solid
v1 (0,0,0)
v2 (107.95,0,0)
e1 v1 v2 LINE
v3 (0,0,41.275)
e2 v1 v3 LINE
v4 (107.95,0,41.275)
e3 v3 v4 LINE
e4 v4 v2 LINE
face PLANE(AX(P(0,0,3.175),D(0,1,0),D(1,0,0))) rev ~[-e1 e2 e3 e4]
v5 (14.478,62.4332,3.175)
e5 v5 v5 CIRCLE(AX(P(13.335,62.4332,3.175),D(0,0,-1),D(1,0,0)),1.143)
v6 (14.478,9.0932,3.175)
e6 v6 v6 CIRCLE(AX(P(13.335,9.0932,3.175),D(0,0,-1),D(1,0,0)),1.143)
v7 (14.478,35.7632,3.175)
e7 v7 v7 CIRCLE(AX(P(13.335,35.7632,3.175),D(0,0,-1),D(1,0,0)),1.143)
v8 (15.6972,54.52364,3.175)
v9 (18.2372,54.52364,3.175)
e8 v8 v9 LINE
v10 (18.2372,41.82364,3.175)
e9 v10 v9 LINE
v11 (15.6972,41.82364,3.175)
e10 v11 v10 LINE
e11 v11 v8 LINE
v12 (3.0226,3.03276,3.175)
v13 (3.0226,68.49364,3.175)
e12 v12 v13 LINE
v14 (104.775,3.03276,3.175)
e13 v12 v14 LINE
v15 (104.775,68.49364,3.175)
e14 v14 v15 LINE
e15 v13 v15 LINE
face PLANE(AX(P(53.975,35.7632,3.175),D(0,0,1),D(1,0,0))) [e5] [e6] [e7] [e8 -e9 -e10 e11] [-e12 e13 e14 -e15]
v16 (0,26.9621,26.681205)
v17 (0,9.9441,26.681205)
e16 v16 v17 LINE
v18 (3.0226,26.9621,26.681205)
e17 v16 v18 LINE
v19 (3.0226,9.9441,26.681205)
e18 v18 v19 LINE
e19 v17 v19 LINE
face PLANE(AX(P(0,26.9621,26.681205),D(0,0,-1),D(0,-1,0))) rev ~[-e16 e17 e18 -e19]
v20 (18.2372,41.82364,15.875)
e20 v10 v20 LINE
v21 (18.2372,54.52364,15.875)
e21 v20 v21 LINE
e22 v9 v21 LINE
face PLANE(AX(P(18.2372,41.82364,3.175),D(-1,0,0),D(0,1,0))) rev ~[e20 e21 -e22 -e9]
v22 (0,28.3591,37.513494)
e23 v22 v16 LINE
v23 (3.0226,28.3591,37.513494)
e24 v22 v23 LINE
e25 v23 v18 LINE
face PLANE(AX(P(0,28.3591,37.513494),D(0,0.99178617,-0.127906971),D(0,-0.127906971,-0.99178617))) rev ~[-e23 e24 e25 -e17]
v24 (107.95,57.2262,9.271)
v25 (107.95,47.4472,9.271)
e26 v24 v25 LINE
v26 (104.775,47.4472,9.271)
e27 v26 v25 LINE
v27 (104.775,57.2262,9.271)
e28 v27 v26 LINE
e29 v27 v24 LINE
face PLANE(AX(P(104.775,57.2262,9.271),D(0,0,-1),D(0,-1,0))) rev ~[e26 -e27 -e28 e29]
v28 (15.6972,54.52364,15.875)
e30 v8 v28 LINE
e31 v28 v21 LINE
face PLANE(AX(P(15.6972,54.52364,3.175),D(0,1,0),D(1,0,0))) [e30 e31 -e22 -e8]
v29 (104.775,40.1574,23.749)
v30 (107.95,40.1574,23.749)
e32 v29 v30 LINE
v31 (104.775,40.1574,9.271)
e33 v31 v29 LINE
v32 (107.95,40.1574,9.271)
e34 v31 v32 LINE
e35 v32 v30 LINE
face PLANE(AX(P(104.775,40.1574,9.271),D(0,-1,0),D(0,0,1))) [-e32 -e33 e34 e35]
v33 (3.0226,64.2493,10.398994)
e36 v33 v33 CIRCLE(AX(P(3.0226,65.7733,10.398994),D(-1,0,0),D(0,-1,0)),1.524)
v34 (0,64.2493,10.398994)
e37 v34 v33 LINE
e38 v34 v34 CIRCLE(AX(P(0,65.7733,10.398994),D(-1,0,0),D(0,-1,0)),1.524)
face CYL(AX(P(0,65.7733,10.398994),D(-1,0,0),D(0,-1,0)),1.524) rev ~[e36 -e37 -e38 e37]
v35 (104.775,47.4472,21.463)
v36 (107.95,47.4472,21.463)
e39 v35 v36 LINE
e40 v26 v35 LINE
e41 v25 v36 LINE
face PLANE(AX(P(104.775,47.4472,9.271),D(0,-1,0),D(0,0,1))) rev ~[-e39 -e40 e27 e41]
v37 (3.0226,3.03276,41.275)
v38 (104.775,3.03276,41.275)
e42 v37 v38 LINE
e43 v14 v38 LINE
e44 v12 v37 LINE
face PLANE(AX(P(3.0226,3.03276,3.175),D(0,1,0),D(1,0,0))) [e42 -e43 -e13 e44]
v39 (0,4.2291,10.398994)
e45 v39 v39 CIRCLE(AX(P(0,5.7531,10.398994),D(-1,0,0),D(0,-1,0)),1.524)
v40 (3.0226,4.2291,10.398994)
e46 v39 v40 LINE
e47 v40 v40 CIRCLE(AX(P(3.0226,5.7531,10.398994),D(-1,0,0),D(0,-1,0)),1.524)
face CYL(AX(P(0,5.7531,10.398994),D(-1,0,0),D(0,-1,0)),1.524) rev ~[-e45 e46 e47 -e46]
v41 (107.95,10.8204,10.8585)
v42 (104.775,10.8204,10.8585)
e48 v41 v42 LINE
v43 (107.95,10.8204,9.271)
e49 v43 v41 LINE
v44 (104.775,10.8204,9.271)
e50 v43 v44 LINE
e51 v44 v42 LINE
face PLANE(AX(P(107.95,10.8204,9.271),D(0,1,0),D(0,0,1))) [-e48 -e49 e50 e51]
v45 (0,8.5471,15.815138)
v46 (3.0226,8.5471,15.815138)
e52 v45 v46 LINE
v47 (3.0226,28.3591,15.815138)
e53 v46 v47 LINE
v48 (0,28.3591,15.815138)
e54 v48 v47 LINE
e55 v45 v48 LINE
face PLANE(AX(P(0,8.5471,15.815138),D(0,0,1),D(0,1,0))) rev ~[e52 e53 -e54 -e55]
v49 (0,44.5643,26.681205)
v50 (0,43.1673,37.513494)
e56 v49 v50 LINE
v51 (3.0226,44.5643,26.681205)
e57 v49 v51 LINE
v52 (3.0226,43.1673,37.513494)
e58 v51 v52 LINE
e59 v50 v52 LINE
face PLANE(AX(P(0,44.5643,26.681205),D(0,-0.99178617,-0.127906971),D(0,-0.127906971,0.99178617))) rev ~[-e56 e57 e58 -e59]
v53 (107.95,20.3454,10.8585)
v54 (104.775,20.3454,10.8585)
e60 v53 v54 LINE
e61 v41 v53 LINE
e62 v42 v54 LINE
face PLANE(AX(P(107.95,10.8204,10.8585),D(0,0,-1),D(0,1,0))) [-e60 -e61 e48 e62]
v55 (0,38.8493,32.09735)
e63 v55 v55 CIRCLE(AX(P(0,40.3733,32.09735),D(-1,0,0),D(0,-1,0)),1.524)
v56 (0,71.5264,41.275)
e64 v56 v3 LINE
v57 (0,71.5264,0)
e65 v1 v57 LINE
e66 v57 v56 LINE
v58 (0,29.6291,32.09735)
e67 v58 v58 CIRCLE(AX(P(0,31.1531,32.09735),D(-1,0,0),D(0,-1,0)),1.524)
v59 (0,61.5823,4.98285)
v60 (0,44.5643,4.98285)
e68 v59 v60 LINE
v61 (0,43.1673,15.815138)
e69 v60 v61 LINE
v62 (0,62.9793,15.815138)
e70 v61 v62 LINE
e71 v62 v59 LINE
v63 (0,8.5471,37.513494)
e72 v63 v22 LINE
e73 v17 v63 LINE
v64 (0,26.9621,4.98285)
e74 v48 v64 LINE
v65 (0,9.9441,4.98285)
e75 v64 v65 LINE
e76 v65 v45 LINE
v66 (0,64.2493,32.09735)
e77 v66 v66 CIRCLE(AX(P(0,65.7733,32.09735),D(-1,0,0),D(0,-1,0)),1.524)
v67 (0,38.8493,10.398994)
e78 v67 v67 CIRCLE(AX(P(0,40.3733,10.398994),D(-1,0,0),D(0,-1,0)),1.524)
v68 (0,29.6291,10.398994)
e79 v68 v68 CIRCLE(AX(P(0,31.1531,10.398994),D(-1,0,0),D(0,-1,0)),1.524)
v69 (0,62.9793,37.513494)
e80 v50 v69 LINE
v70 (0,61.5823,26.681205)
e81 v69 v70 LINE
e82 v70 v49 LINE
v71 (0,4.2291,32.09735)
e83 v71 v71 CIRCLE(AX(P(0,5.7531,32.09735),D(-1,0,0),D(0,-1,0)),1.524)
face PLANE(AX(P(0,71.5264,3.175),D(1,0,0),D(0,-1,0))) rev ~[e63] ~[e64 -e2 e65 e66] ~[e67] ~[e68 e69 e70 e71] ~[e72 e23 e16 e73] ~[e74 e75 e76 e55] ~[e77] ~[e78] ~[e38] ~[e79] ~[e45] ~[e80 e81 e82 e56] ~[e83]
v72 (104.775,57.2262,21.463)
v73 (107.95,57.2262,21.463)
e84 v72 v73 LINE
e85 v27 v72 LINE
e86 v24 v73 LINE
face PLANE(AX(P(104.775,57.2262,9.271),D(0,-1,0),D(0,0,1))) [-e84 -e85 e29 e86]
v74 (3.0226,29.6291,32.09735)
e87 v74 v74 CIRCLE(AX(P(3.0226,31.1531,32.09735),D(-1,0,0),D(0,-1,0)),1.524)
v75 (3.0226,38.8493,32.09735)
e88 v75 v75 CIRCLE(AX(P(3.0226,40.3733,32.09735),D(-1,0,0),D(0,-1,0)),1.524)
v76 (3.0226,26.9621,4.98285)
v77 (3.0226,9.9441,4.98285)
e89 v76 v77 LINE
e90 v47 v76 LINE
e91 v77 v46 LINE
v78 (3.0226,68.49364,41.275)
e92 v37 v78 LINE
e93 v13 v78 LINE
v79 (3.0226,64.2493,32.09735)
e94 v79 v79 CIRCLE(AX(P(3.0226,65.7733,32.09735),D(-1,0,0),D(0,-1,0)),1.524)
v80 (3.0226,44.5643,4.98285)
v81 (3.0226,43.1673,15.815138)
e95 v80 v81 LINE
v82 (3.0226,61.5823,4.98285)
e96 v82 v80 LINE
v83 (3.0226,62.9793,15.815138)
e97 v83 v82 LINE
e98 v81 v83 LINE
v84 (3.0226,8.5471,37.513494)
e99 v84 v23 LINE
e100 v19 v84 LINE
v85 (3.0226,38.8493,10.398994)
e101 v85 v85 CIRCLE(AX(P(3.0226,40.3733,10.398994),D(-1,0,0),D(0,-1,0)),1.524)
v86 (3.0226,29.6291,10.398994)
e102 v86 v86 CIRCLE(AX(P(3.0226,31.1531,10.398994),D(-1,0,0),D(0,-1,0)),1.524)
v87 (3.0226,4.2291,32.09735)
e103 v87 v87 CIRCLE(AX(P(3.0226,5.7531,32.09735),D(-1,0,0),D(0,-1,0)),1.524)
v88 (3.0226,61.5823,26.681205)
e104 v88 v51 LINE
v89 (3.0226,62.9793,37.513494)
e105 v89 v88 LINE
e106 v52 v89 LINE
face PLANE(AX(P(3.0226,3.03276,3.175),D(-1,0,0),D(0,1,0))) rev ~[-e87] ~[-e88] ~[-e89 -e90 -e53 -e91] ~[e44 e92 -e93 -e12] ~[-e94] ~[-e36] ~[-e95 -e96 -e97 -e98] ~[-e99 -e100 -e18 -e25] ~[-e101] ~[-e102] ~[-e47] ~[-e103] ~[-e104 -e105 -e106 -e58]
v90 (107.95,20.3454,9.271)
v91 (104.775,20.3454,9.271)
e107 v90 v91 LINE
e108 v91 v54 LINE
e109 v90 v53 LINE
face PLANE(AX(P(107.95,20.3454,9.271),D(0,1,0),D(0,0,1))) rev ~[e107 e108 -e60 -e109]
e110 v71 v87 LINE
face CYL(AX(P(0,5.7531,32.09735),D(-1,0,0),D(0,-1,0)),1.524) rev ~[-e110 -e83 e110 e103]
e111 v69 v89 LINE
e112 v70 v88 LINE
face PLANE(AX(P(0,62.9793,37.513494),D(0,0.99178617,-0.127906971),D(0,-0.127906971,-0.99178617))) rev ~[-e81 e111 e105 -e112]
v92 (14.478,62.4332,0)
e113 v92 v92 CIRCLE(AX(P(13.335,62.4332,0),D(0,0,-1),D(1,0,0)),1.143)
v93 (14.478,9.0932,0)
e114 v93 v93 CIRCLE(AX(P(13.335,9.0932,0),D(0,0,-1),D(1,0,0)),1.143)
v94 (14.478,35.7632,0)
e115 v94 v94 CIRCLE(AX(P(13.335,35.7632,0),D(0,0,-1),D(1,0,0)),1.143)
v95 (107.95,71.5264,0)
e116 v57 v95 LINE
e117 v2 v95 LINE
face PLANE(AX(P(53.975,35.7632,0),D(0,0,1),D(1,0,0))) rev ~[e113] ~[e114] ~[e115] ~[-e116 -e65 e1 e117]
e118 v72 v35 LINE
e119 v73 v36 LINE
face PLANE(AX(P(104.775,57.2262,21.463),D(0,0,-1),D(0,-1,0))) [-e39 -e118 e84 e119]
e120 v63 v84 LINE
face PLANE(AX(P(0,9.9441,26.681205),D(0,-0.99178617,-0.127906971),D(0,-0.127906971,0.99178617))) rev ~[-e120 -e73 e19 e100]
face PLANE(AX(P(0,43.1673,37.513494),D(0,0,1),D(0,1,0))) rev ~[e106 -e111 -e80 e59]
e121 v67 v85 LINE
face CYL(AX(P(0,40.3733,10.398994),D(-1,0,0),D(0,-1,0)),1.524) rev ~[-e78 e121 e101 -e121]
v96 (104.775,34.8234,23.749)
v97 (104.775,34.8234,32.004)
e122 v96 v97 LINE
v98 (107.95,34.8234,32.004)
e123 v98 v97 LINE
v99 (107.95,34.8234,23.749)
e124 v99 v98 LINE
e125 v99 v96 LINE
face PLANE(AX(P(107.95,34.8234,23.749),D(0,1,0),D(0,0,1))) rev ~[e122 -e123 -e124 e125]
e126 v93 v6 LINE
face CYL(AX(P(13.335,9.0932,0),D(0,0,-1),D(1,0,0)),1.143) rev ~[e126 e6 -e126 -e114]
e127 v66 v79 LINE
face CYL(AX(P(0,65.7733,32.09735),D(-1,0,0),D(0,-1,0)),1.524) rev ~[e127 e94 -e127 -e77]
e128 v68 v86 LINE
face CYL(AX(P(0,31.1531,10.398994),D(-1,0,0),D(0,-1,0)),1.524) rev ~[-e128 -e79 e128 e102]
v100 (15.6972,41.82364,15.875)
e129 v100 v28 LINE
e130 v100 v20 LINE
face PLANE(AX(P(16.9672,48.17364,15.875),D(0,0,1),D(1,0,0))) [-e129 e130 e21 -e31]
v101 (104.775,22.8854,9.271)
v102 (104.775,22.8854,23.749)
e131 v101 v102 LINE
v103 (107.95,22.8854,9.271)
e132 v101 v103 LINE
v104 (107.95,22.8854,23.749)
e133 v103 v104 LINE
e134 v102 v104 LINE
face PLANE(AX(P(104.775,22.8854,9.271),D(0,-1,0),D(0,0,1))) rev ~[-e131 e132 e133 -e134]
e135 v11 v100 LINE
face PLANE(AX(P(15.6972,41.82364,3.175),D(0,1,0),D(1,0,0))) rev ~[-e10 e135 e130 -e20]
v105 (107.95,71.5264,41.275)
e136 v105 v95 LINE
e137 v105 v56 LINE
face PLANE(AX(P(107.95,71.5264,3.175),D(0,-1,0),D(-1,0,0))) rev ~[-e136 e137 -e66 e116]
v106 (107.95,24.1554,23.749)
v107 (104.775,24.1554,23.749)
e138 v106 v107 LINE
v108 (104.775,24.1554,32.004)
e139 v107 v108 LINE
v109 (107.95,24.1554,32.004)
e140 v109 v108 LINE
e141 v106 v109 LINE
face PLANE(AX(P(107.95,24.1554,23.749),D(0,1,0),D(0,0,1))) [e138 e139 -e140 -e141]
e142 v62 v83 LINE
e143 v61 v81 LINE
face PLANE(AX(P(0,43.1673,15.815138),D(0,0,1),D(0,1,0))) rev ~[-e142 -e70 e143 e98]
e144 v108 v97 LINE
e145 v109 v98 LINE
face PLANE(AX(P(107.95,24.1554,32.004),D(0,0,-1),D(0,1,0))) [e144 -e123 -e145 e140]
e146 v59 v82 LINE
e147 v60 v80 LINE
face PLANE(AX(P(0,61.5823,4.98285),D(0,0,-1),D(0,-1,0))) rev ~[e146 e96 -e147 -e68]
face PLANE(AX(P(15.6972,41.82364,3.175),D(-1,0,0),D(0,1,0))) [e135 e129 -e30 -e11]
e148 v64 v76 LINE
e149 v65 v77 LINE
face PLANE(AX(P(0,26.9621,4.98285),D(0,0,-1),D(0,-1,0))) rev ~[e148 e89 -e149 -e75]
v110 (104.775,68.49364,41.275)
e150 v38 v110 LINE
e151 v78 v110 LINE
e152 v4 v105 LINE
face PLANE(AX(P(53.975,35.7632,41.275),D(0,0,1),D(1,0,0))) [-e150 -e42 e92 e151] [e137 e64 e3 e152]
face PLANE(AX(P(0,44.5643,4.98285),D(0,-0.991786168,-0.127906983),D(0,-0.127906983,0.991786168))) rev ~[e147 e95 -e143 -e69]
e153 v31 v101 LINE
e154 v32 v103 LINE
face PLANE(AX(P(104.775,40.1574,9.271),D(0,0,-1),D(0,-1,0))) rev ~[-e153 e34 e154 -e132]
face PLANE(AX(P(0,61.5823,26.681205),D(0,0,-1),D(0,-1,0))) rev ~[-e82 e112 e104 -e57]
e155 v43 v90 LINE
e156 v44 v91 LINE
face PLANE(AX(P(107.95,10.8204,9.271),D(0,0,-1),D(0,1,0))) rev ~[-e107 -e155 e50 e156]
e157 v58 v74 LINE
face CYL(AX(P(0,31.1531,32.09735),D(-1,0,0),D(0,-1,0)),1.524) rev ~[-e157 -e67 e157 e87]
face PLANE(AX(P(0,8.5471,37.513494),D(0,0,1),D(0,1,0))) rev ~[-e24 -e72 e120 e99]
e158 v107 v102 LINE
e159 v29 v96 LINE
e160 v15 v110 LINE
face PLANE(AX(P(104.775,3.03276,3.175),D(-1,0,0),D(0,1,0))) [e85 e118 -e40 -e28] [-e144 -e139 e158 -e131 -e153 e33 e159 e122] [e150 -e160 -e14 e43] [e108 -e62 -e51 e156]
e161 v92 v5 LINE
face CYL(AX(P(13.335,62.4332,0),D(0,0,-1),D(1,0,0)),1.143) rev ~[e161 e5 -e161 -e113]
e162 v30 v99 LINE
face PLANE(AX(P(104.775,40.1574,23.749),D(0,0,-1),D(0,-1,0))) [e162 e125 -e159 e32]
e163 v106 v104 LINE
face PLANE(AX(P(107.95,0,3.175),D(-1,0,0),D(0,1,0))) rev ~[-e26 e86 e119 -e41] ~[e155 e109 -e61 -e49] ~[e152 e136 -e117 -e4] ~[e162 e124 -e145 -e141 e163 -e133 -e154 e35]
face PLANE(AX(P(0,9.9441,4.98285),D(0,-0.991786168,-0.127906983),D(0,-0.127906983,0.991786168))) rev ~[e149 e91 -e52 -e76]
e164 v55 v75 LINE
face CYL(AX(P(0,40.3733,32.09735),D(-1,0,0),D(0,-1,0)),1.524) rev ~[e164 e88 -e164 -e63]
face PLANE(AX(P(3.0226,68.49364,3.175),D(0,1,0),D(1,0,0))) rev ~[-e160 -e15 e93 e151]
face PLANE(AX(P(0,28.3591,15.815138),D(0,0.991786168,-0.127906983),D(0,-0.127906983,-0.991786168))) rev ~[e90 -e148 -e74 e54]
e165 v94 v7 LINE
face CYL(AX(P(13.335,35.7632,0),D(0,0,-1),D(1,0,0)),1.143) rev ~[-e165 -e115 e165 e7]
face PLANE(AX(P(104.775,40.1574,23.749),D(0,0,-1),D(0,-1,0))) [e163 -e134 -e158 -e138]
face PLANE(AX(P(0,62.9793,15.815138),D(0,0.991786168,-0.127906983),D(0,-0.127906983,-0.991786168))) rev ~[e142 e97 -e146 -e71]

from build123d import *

# Parameters (mm, degrees)
F0_W      = 107.95
F0_H      = 71.5264
F1_DEPTH  = 3.175
F2_W      = 101.7524
F2_H      = 65.46088
F3_DEPTH  = 38.1
F4_W      = 17.272
F4_H      = 14.478
F4_W_2    = 9.779
F4_H_2    = 12.192
F5_DEPTH  = 3.176
F6_W      = 9.525
F6_H      = 1.5875
F7_DEPTH  = 3.175
F8_DEPTH  = 3.176
F9_W      = 2.54
F9_H      = 12.7
F10_DEPTH = 12.7
F11_R     = 1.524
F12_DEPTH = 3.0226
F13_R     = 1.143
F14_DEPTH = 41.276
F15_W     = 10.668
F15_H     = 8.255
F16_DEPTH = 3.175


with BuildPart() as f1:
    # F0 (on Top) → F1 (new body)
    with BuildSketch(Plane.XY):
        with Locations((53.975, 35.7632)):
            Rectangle(F0_W, F0_H)
    extrude(amount=F1_DEPTH)

    # F2 (on face) → F3 (join)
    with BuildSketch(Plane.XY.offset(3.175)):
        Polygon((107.95, 71.5264), (0, 71.5264), (0, 68.49364), (0, 3.03276), (0, 0), (107.95, 0), align=None)
        with Locations((53.8988, 35.7632)):
            Rectangle(F2_W, F2_H, mode=Mode.SUBTRACT)
    extrude(amount=F3_DEPTH)

    # F4 (on face) → F5 (cut, through all)
    with BuildSketch(Plane(origin=(104.775, 0, 0), x_dir=(0, -1, 0), z_dir=(-1, 0, 0))):
        with Locations((-31.5214, 16.51)):
            Rectangle(F4_W, F4_H)
        with Locations((-52.3367, 15.367)):
            Rectangle(F4_W_2, F4_H_2)
    extrude(amount=-F5_DEPTH, mode=Mode.SUBTRACT)

    # F6 (on face) → F7 (cut, through all)
    with BuildSketch(Plane.YZ.offset(107.95)):
        with Locations((15.5829, 10.06475)):
            Rectangle(F6_W, F6_H)
    extrude(amount=-F7_DEPTH, mode=Mode.SUBTRACT)

    # F4 (on face) → F8 (cut, through all)
    with BuildSketch(Plane(origin=(104.775, 0, 0), x_dir=(0, -1, 0), z_dir=(-1, 0, 0))):
        with Locations((-31.5214, 16.51)):
            Rectangle(F4_W, F4_H)
        with Locations((-52.3367, 15.367)):
            Rectangle(F4_W_2, F4_H_2)
    extrude(amount=-F8_DEPTH, mode=Mode.SUBTRACT)

    # F9 (on face) → F10 (join)
    with BuildSketch(Plane.XY.offset(3.175)):
        with Locations((16.9672, 48.17364)):
            Rectangle(F9_W, F9_H)
    extrude(amount=F10_DEPTH)

    # F11 (on face) → F12 (cut, through all)
    with BuildSketch(Plane(origin=(0, 0, 0), x_dir=(0, -1, 0), z_dir=(-1, 0, 0))):
        Polygon((-43.1673, 37.513494), (-62.9793, 37.513494), (-61.5823, 26.681205), (-44.5643, 26.681205), align=None)
        Polygon((-43.1673, 15.815138), (-62.9793, 15.815138), (-61.5823, 4.98285), (-44.5643, 4.98285), align=None)
        Polygon((-8.5471, 37.513494), (-28.3591, 37.513494), (-26.9621, 26.681205), (-9.9441, 26.681205), align=None)
        Polygon((-8.5471, 15.815138), (-28.3591, 15.815138), (-26.9621, 4.98285), (-9.9441, 4.98285), align=None)
        with Locations((-40.3733, 32.09735)):
            Circle(F11_R)
        with Locations((-65.7733, 32.09735)):
            Circle(F11_R)
        with Locations((-65.7733, 10.398994)):
            Circle(F11_R)
        with Locations((-40.3733, 10.398994)):
            Circle(F11_R)
        with Locations((-31.1531, 10.398994)):
            Circle(F11_R)
        with Locations((-5.7531, 10.398994)):
            Circle(F11_R)
        with Locations((-5.7531, 32.09735)):
            Circle(F11_R)
        with Locations((-31.1531, 32.09735)):
            Circle(F11_R)
    extrude(amount=-F12_DEPTH, mode=Mode.SUBTRACT)

    # F13 (on face) → F14 (cut, through all)
    with BuildSketch(Plane(origin=(0, 0, 0), x_dir=(1, 0, 0), z_dir=(0, 0, -1))):
        with Locations((13.335, -62.4332)):
            Circle(F13_R)
        with Locations((13.335, -35.7632)):
            Circle(F13_R)
        with Locations((13.335, -9.0932)):
            Circle(F13_R)
    extrude(amount=-F14_DEPTH, mode=Mode.SUBTRACT)

    # F15 (on face) → F16 (cut, through all)
    with BuildSketch(Plane.YZ.offset(107.95)):
        with Locations((29.4894, 27.8765)):
            Rectangle(F15_W, F15_H)
    extrude(amount=-F16_DEPTH, mode=Mode.SUBTRACT)


solid = f1.part
